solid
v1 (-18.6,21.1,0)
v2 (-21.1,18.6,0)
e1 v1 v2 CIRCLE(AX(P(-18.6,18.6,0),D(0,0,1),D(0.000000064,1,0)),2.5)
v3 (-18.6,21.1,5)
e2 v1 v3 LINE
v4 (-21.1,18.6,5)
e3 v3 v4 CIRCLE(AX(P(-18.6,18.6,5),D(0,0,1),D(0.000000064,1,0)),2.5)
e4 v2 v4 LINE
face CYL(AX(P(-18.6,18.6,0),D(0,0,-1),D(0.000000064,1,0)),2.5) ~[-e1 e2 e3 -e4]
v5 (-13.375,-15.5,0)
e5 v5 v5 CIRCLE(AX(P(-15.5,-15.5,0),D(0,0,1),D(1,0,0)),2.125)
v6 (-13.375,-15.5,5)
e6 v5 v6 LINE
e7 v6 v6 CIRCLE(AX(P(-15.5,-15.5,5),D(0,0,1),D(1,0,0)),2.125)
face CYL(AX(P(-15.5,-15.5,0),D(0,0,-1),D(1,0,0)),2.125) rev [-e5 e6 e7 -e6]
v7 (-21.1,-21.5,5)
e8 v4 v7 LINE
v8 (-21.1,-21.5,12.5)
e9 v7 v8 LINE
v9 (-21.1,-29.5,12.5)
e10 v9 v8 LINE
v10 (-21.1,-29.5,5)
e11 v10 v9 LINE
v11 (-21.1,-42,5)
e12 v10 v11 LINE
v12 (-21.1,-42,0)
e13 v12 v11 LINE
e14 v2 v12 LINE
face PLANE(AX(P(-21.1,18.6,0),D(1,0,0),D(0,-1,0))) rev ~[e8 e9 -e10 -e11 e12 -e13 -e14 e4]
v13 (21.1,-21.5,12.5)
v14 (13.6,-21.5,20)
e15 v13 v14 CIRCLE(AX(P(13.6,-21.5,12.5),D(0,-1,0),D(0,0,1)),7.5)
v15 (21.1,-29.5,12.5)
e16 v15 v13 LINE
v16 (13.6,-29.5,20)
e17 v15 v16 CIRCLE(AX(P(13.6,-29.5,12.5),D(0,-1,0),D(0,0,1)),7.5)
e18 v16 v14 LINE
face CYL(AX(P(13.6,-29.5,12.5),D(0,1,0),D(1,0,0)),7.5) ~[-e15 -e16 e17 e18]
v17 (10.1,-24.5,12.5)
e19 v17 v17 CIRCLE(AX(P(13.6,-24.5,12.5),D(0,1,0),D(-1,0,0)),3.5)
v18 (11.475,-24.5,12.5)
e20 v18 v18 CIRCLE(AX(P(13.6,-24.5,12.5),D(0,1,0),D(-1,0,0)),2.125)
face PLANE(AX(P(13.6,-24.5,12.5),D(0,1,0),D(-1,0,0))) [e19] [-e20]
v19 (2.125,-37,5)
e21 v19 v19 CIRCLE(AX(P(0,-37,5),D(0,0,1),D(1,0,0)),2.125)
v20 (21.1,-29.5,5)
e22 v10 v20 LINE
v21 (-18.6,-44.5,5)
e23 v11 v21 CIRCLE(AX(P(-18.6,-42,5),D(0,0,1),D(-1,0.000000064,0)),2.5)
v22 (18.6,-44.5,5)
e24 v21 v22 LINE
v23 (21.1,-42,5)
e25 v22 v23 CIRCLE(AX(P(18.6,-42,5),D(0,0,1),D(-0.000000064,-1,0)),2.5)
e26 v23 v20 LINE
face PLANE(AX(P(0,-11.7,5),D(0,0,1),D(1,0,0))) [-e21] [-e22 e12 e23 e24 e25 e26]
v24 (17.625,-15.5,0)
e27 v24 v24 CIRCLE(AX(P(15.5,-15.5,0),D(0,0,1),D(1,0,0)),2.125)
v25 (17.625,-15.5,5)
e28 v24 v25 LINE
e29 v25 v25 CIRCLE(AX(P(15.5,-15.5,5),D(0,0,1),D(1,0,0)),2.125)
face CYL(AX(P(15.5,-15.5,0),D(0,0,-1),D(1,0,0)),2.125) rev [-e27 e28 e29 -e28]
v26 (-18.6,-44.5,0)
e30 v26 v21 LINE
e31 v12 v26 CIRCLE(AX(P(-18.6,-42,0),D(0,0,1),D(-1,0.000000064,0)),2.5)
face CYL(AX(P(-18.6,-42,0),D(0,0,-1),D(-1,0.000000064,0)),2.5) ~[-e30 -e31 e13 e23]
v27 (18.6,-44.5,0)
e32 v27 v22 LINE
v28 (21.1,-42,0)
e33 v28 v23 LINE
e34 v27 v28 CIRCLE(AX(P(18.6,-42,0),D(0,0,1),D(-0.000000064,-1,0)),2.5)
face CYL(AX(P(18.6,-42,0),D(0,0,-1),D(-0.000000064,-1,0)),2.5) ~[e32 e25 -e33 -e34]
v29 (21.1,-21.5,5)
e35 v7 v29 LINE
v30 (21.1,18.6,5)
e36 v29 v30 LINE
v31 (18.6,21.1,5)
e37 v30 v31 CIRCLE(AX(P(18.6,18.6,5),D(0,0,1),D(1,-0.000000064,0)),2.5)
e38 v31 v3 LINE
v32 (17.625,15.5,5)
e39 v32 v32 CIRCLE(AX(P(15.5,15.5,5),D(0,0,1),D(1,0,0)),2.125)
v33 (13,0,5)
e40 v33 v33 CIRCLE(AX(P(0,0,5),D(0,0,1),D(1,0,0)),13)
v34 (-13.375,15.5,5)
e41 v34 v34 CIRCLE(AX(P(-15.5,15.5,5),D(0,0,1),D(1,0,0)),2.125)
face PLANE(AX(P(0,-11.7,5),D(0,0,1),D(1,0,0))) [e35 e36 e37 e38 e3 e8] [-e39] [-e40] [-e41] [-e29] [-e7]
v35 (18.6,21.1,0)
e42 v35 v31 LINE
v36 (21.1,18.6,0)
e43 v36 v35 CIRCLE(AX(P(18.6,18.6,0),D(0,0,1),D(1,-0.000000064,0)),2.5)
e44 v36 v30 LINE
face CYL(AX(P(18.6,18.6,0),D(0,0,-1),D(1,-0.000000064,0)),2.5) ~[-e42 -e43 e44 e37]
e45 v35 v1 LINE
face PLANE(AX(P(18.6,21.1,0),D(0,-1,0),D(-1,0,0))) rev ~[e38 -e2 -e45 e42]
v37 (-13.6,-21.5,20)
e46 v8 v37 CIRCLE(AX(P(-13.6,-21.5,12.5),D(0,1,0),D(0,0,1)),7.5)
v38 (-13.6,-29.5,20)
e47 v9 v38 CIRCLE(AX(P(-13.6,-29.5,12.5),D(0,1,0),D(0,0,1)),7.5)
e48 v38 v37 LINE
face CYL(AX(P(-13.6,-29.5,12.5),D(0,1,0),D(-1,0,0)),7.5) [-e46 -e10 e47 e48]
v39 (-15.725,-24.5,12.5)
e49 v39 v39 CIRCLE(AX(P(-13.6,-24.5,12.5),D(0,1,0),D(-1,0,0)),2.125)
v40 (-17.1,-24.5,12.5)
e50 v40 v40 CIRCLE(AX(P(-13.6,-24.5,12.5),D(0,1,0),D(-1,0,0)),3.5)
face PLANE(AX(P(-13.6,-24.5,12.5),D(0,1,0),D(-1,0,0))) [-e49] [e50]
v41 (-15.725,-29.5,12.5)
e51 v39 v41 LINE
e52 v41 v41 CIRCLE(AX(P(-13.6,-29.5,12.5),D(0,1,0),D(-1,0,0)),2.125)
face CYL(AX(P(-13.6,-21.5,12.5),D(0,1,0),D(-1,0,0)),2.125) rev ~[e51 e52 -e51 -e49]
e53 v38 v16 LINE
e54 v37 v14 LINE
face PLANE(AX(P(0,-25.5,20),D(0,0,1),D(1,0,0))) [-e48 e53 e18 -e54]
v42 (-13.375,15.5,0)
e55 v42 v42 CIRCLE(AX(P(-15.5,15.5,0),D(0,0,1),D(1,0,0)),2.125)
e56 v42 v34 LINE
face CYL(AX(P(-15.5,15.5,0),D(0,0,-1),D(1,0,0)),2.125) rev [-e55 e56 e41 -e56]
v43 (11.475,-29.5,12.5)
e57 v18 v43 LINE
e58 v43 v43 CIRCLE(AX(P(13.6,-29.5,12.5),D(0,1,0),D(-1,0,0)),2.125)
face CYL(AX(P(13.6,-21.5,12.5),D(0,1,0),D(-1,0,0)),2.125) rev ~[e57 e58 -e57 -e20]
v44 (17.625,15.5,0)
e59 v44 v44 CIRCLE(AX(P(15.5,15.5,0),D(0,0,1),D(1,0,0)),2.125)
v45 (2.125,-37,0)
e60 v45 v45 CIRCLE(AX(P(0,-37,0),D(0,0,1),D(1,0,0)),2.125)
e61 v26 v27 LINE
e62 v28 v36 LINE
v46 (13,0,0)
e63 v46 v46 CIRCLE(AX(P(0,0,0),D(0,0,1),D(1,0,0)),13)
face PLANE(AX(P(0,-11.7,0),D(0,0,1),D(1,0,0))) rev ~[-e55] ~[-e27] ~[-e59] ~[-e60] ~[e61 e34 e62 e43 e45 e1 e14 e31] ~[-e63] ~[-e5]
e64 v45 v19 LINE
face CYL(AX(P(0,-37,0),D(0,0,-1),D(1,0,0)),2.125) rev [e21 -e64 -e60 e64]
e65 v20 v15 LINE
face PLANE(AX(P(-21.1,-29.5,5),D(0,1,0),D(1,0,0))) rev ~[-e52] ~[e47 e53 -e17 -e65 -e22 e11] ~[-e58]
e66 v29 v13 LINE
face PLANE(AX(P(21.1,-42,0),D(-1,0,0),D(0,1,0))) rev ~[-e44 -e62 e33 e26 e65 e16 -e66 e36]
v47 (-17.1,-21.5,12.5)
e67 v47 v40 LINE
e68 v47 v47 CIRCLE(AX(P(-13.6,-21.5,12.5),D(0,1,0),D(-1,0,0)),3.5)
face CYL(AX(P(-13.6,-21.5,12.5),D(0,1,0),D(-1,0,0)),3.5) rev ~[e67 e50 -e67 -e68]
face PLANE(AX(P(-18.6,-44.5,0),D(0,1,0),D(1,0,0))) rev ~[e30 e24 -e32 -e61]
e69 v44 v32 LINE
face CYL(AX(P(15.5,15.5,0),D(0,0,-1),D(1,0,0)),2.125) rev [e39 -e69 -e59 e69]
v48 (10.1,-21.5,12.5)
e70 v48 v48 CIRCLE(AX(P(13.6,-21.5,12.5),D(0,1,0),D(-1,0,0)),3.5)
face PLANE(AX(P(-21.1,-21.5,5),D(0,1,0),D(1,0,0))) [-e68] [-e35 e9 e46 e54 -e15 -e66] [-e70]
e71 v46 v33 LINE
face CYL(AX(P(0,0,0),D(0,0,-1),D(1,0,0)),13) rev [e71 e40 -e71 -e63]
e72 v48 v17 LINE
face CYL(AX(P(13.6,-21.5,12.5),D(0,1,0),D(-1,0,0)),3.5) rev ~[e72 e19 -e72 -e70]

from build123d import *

# Parameters (mm, degrees)
F0_R     = 2.125
F0_R_2   = 13
F1_DEPTH = 5
F2_W     = 42.2
F2_H     = 8
F3_DEPTH = 15
F4_R     = 7.5
F5_R     = 2.125
F6_DEPTH = 23.001
F7_R     = 3.5
F8_DEPTH = 3


with BuildPart() as f1:
    # F0 (on Top) → F1 (new body)
    with BuildSketch(Plane.XY):
        with BuildLine():
            Line((18.6, 21.1), (-18.6, 21.1))
            ThreePointArc((-18.6, 21.1), (-20.367767, 20.367767), (-21.1, 18.6))
            Line((-21.1, 18.6), (-21.1, -42))
            ThreePointArc((-21.1, -42), (-20.367767, -43.767767), (-18.6, -44.5))
            Line((-18.6, -44.5), (18.6, -44.5))
            ThreePointArc((18.6, -44.5), (20.367767, -43.767767), (21.1, -42))
            Line((21.1, -42), (21.1, 18.6))
            ThreePointArc((21.1, 18.6), (20.367767, 20.367767), (18.6, 21.1))
        make_face()
        with Locations((-15.5, -15.5)):
            Circle(F0_R, mode=Mode.SUBTRACT)
        with Locations((0, -37)):
            Circle(F0_R, mode=Mode.SUBTRACT)
        with Locations((15.5, -15.5)):
            Circle(F0_R, mode=Mode.SUBTRACT)
        with Locations((-15.5, 15.5)):
            Circle(F0_R, mode=Mode.SUBTRACT)
        Circle(F0_R_2, mode=Mode.SUBTRACT)
        with Locations((15.5, 15.5)):
            Circle(F0_R, mode=Mode.SUBTRACT)
    extrude(amount=F1_DEPTH)

    # F2 (on face) → F3 (join)
    with BuildSketch(Plane.XY.offset(5)):
        with Locations((0, -25.5)):
            Rectangle(F2_W, F2_H)
    extrude(amount=F3_DEPTH)

    # F4
    f4_edges = [f1.edges().sort_by_distance(p)[0] for p in [
        (-21.1, -25.5, 20),
        (21.1, -25.5, 20),
    ]]
    fillet(f4_edges, radius=F4_R)

    # F5 (on face) → F6 (cut, through all)
    with BuildSketch(Plane(origin=(0, -21.5, 0), x_dir=(-1, 0, 0), z_dir=(0, 1, 0))):
        with Locations((-13.6, 12.5)):
            Circle(F5_R)
        with Locations((13.6, 12.5)):
            Circle(F5_R)
    extrude(amount=-F6_DEPTH, mode=Mode.SUBTRACT)

    # F7 (on face) → F8 (cut)
    with BuildSketch(Plane(origin=(0, -21.5, 0), x_dir=(-1, 0, 0), z_dir=(0, 1, 0))):
        with Locations((-13.6, 12.5)):
            Circle(F7_R)
        with Locations((13.6, 12.5)):
            Circle(F7_R)
    extrude(amount=-F8_DEPTH, mode=Mode.SUBTRACT)


solid = f1.part
